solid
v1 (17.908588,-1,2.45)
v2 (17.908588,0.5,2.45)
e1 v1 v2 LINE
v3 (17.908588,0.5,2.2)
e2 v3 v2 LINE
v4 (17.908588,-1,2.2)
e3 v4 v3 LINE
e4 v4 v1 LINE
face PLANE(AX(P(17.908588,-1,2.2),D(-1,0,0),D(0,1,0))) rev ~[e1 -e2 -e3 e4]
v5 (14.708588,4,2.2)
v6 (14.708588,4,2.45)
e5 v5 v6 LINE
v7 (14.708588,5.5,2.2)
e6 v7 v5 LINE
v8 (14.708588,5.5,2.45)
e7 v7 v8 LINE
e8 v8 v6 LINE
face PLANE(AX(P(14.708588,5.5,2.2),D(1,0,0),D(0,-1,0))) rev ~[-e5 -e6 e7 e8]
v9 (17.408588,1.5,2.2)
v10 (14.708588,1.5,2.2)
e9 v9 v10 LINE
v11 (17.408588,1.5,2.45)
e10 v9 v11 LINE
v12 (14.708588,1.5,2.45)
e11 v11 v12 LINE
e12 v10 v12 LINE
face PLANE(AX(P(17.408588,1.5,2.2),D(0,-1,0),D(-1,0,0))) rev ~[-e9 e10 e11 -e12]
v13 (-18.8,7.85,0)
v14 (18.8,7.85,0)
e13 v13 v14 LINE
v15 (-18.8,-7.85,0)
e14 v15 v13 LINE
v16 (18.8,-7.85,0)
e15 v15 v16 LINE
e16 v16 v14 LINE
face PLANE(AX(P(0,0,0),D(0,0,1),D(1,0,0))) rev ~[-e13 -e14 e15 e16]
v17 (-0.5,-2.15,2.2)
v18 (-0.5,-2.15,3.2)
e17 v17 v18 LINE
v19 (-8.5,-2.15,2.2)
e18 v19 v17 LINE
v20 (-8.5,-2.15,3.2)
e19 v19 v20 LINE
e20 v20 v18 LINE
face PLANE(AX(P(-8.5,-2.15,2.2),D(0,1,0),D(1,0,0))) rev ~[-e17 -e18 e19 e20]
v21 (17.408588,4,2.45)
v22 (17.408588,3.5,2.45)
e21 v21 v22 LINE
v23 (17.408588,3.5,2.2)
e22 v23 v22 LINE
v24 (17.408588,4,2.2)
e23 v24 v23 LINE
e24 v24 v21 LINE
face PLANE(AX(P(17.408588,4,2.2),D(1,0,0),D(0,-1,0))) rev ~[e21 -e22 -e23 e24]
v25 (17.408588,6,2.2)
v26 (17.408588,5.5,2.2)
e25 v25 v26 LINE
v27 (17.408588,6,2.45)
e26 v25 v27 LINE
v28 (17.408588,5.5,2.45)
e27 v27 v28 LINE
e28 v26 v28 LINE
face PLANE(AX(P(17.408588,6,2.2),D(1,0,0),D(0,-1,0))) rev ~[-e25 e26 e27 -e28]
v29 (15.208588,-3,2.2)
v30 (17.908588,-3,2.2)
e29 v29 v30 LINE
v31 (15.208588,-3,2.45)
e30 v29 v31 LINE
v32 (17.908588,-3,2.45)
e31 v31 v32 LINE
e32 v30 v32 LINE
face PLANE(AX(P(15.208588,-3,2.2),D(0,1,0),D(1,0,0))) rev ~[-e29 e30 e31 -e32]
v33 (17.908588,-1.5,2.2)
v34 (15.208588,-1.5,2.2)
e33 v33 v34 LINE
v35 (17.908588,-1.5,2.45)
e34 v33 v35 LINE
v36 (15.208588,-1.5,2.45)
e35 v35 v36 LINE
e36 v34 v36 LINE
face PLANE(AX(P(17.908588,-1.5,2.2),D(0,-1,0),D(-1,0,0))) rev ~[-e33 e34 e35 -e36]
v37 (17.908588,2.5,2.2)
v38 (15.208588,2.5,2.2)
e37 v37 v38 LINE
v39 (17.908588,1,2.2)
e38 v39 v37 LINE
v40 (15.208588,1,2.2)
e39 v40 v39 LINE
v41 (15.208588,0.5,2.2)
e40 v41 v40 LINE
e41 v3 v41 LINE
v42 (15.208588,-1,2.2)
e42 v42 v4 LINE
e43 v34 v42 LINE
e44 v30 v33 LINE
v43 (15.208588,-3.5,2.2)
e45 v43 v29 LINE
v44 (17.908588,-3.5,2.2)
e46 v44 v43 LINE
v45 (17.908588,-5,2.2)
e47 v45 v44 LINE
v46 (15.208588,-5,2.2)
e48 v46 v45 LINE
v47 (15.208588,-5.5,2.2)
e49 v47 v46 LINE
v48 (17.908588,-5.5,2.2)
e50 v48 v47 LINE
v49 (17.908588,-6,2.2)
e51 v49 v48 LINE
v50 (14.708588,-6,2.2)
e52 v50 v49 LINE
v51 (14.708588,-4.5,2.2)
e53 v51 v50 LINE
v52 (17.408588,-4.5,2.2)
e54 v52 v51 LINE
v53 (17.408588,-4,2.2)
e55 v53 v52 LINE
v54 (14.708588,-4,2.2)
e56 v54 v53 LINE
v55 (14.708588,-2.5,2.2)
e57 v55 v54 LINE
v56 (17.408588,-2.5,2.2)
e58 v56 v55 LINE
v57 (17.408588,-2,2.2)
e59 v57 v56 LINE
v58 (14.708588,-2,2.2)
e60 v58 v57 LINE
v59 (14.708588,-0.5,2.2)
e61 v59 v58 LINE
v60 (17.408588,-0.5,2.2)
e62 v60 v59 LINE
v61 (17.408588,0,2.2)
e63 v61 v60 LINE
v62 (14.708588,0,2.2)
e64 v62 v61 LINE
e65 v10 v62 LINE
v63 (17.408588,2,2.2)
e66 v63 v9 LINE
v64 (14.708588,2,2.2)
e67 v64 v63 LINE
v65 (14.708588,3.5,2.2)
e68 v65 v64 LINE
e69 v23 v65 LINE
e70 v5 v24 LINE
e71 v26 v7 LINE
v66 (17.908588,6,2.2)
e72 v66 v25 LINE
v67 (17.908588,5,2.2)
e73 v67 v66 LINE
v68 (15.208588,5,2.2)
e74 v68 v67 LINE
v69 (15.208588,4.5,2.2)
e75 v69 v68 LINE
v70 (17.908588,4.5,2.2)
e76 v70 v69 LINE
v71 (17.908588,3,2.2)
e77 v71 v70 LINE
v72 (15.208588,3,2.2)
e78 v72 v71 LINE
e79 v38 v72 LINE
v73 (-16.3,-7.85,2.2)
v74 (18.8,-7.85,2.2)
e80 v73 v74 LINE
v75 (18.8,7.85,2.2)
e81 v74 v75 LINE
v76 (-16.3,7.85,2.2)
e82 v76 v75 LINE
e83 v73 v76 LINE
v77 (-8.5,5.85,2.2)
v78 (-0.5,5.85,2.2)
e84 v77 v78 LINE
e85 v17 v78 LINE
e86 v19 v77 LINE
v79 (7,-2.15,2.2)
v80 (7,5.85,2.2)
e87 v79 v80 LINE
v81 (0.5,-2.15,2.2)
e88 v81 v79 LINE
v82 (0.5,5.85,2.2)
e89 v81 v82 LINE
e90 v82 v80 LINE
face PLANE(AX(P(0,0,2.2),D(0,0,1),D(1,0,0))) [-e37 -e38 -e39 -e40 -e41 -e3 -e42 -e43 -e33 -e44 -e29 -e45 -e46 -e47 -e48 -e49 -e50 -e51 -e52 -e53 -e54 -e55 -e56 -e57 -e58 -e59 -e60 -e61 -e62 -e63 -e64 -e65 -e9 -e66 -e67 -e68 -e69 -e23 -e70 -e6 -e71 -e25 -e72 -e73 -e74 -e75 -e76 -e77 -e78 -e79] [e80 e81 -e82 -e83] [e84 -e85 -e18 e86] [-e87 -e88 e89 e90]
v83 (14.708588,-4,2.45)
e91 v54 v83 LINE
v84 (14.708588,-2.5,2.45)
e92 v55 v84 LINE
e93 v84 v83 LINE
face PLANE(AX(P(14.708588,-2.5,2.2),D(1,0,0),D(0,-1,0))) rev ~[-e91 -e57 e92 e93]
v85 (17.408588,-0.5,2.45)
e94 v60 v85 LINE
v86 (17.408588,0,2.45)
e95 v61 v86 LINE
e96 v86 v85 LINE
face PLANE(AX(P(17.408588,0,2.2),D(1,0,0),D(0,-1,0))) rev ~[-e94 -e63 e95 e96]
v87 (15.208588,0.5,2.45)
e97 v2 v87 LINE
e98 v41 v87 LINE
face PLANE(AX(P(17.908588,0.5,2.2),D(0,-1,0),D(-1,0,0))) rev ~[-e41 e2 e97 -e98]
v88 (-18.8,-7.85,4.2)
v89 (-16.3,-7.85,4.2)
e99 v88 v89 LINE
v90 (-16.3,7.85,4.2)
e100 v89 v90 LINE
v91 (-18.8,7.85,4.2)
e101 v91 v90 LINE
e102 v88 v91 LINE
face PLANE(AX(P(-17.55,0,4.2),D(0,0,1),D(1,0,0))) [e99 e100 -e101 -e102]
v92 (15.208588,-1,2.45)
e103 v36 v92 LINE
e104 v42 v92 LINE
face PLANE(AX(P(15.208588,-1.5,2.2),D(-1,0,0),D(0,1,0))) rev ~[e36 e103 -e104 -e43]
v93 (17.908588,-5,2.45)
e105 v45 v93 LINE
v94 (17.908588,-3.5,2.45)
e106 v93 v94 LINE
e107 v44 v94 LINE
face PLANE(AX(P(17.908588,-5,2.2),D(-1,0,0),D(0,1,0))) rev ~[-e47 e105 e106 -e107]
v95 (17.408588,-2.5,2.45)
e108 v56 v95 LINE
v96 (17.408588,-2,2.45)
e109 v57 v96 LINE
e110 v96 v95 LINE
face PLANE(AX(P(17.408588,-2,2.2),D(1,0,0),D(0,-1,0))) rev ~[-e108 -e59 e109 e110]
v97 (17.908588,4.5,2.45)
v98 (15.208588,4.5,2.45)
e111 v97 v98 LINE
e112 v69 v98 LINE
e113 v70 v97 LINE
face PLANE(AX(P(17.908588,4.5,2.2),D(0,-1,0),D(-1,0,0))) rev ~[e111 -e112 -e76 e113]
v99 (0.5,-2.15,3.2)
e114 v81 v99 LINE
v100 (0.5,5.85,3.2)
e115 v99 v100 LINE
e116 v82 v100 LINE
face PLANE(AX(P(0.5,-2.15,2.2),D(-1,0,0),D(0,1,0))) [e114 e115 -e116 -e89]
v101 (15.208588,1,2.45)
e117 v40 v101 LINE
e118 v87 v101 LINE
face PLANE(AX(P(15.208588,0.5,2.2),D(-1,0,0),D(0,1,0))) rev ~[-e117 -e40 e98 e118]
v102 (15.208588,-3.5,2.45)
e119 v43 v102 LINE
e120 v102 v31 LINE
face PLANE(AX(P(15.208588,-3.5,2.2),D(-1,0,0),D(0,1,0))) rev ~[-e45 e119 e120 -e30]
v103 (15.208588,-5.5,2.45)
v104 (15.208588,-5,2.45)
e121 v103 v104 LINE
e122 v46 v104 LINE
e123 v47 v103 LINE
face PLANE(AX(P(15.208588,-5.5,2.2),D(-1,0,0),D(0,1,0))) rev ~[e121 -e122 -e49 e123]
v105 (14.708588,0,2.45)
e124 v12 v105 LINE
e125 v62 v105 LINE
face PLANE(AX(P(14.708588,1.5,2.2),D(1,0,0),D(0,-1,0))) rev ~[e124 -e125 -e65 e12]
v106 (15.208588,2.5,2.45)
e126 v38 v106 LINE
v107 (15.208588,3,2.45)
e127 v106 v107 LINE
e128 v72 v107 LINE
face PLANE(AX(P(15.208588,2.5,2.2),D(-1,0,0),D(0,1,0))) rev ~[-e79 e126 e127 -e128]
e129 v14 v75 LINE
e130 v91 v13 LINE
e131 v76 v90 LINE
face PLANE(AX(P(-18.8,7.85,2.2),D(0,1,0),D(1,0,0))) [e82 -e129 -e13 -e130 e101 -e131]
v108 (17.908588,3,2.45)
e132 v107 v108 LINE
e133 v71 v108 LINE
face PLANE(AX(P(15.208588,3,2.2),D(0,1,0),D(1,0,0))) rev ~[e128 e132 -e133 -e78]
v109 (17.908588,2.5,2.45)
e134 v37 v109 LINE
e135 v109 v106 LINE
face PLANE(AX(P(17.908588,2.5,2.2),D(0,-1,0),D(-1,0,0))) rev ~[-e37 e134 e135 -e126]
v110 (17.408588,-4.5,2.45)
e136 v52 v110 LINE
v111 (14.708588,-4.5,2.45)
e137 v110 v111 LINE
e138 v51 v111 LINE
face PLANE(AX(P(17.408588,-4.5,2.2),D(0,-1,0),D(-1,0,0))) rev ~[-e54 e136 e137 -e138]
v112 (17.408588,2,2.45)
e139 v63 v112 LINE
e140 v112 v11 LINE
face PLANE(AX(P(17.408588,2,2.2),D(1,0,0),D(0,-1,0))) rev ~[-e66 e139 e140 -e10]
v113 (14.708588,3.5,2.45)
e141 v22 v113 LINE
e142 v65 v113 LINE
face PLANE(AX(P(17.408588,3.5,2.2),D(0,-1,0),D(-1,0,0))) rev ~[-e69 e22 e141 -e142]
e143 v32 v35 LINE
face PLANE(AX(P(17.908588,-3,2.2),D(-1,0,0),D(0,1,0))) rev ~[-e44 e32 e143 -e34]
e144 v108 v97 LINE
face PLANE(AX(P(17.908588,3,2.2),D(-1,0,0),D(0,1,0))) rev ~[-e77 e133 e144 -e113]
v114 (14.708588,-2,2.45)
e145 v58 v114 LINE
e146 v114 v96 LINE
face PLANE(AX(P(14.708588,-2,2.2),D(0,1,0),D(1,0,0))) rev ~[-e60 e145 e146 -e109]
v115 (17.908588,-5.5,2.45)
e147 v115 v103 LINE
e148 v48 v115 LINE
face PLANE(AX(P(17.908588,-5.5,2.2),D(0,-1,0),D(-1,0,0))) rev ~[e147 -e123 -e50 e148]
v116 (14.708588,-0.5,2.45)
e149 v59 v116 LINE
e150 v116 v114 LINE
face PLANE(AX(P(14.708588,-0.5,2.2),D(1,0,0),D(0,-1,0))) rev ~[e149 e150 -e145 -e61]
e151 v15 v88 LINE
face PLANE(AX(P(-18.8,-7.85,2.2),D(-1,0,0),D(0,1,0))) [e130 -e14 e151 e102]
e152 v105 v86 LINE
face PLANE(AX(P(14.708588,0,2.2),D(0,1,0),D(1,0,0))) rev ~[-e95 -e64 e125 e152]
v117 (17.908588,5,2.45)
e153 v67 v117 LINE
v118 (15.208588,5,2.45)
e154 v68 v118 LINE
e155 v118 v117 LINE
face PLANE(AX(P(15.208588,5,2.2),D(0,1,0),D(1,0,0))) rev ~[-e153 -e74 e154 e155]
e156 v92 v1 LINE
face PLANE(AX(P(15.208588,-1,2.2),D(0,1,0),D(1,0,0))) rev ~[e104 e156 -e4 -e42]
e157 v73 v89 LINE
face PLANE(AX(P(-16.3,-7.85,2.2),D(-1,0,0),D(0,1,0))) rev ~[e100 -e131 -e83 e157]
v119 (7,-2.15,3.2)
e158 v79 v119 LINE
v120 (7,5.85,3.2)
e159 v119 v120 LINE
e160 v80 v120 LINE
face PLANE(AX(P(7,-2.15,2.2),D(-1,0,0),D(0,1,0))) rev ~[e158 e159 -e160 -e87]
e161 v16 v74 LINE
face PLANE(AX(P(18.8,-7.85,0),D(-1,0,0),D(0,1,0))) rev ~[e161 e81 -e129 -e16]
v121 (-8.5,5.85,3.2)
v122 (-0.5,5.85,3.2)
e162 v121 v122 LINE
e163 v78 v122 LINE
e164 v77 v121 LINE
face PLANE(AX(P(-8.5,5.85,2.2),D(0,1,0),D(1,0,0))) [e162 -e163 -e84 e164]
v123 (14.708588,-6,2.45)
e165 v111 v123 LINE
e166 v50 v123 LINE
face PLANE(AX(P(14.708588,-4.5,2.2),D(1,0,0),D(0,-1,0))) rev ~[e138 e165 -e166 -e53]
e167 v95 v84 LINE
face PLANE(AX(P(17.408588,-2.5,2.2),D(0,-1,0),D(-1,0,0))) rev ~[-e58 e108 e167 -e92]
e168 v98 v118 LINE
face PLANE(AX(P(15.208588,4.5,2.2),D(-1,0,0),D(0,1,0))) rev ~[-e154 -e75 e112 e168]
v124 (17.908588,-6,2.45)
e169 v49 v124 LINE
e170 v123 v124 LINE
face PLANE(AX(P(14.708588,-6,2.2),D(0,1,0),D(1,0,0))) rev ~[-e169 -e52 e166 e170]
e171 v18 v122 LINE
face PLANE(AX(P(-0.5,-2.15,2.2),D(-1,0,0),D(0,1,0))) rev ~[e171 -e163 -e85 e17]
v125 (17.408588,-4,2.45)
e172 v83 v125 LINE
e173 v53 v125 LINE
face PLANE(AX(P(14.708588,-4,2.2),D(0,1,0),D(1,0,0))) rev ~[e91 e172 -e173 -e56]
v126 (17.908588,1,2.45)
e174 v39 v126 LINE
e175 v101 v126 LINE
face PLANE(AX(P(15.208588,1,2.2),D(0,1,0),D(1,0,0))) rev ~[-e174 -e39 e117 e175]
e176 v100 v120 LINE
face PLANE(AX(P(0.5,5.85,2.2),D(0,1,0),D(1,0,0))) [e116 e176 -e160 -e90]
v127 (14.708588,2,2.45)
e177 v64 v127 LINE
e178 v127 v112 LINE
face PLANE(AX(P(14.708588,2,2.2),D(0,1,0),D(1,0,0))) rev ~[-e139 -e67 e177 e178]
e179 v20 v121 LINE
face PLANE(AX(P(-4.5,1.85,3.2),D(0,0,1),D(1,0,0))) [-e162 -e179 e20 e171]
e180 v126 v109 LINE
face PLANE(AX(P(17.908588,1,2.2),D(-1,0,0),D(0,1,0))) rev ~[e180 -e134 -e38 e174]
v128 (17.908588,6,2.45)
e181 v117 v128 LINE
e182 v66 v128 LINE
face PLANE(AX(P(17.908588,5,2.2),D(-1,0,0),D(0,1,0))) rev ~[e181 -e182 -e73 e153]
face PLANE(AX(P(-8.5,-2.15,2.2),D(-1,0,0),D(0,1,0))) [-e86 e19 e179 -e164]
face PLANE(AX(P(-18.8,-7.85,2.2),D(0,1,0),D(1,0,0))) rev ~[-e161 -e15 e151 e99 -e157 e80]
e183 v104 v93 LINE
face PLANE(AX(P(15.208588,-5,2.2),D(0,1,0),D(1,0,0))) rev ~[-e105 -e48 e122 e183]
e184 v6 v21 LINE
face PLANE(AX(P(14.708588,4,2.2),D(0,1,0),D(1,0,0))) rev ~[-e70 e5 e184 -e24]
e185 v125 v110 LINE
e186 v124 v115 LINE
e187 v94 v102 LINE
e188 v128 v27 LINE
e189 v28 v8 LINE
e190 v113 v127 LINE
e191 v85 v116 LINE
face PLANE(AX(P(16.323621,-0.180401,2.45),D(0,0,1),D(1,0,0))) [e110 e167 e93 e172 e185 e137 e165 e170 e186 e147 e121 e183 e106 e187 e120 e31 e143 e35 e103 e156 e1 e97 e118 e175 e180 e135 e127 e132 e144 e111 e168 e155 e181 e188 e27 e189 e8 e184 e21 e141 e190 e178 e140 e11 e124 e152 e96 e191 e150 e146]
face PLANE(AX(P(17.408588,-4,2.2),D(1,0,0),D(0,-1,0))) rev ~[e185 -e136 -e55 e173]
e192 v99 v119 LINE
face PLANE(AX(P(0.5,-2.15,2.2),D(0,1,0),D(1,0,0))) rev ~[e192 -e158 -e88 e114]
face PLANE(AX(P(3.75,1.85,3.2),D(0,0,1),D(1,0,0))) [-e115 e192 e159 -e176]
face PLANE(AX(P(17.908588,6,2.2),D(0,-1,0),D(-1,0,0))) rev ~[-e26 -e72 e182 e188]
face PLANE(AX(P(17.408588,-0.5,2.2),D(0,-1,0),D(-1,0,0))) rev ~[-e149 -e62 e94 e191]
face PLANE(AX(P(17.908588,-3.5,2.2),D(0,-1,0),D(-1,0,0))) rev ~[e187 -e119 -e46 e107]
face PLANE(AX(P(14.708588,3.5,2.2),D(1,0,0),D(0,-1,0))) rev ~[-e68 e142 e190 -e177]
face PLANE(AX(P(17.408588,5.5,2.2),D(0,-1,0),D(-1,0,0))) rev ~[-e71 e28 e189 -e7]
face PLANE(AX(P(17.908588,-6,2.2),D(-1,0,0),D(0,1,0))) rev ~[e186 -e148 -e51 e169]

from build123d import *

# Parameters (mm, degrees)
F0_W     = 37.6
F0_H     = 15.7
F1_DEPTH = 2.2
F3_DEPTH = 0.25
F4_W     = 2.5
F4_H     = 15.7
F5_DEPTH = 2
F6_W     = 8
F6_H     = 8
F6_W_2   = 6.5
F7_DEPTH = 1


with BuildPart() as f1:
    # F0 (on Top) → F1 (new body)
    with BuildSketch(Plane.XY):
        Rectangle(F0_W, F0_H)
    extrude(amount=F1_DEPTH)

    # F2 (on face) → F3 (join)
    with BuildSketch(Plane.XY.offset(2.2)):
        Polygon((17.908588, 6), (17.408588, 6), (17.408588, 5.5), (14.708588, 5.5), (14.708588, 4), (15.208588, 4), (17.408588, 4), (17.408588, 3.5), (14.708588, 3.5), (14.708588, 2), (17.408588, 2), (17.408588, 1.5), (14.708588, 1.5), (14.708588, 0), (17.408588, 0), (17.408588, -0.5), (14.708588, -0.5), (14.708588, -2), (17.408588, -2), (17.408588, -2.5), (14.708588, -2.5), (14.708588, -4), (17.408588, -4), (17.408588, -4.5), (14.708588, -4.5), (14.708588, -6), (17.908588, -6), (17.908588, -5.5), (15.208588, -5.5), (15.208588, -5), (17.908588, -5), (17.908588, -3.5), (15.208588, -3.5), (15.208588, -3), (17.908588, -3), (17.908588, -1.5), (15.208588, -1.5), (15.208588, -1), (17.908588, -1), (17.908588, 0.5), (15.208588, 0.5), (15.208588, 1), (17.908588, 1), (17.908588, 2.5), (15.208588, 2.5), (15.208588, 3), (17.908588, 3), (17.908588, 4.5), (15.208588, 4.5), (15.208588, 5), (17.908588, 5), align=None)
    extrude(amount=F3_DEPTH)

    # F4 (on face) → F5 (join)
    with BuildSketch(Plane.XY.offset(2.2)):
        with Locations((-17.55, 0)):
            Rectangle(F4_W, F4_H)
    extrude(amount=F5_DEPTH)

    # F6 (on face) → F7 (join)
    with BuildSketch(Plane.XY.offset(2.2)):
        with Locations((-4.5, 1.85)):
            Rectangle(F6_W, F6_H)
        with Locations((3.75, 1.85)):
            Rectangle(F6_W_2, F6_H)
    extrude(amount=F7_DEPTH)


solid = f1.part
